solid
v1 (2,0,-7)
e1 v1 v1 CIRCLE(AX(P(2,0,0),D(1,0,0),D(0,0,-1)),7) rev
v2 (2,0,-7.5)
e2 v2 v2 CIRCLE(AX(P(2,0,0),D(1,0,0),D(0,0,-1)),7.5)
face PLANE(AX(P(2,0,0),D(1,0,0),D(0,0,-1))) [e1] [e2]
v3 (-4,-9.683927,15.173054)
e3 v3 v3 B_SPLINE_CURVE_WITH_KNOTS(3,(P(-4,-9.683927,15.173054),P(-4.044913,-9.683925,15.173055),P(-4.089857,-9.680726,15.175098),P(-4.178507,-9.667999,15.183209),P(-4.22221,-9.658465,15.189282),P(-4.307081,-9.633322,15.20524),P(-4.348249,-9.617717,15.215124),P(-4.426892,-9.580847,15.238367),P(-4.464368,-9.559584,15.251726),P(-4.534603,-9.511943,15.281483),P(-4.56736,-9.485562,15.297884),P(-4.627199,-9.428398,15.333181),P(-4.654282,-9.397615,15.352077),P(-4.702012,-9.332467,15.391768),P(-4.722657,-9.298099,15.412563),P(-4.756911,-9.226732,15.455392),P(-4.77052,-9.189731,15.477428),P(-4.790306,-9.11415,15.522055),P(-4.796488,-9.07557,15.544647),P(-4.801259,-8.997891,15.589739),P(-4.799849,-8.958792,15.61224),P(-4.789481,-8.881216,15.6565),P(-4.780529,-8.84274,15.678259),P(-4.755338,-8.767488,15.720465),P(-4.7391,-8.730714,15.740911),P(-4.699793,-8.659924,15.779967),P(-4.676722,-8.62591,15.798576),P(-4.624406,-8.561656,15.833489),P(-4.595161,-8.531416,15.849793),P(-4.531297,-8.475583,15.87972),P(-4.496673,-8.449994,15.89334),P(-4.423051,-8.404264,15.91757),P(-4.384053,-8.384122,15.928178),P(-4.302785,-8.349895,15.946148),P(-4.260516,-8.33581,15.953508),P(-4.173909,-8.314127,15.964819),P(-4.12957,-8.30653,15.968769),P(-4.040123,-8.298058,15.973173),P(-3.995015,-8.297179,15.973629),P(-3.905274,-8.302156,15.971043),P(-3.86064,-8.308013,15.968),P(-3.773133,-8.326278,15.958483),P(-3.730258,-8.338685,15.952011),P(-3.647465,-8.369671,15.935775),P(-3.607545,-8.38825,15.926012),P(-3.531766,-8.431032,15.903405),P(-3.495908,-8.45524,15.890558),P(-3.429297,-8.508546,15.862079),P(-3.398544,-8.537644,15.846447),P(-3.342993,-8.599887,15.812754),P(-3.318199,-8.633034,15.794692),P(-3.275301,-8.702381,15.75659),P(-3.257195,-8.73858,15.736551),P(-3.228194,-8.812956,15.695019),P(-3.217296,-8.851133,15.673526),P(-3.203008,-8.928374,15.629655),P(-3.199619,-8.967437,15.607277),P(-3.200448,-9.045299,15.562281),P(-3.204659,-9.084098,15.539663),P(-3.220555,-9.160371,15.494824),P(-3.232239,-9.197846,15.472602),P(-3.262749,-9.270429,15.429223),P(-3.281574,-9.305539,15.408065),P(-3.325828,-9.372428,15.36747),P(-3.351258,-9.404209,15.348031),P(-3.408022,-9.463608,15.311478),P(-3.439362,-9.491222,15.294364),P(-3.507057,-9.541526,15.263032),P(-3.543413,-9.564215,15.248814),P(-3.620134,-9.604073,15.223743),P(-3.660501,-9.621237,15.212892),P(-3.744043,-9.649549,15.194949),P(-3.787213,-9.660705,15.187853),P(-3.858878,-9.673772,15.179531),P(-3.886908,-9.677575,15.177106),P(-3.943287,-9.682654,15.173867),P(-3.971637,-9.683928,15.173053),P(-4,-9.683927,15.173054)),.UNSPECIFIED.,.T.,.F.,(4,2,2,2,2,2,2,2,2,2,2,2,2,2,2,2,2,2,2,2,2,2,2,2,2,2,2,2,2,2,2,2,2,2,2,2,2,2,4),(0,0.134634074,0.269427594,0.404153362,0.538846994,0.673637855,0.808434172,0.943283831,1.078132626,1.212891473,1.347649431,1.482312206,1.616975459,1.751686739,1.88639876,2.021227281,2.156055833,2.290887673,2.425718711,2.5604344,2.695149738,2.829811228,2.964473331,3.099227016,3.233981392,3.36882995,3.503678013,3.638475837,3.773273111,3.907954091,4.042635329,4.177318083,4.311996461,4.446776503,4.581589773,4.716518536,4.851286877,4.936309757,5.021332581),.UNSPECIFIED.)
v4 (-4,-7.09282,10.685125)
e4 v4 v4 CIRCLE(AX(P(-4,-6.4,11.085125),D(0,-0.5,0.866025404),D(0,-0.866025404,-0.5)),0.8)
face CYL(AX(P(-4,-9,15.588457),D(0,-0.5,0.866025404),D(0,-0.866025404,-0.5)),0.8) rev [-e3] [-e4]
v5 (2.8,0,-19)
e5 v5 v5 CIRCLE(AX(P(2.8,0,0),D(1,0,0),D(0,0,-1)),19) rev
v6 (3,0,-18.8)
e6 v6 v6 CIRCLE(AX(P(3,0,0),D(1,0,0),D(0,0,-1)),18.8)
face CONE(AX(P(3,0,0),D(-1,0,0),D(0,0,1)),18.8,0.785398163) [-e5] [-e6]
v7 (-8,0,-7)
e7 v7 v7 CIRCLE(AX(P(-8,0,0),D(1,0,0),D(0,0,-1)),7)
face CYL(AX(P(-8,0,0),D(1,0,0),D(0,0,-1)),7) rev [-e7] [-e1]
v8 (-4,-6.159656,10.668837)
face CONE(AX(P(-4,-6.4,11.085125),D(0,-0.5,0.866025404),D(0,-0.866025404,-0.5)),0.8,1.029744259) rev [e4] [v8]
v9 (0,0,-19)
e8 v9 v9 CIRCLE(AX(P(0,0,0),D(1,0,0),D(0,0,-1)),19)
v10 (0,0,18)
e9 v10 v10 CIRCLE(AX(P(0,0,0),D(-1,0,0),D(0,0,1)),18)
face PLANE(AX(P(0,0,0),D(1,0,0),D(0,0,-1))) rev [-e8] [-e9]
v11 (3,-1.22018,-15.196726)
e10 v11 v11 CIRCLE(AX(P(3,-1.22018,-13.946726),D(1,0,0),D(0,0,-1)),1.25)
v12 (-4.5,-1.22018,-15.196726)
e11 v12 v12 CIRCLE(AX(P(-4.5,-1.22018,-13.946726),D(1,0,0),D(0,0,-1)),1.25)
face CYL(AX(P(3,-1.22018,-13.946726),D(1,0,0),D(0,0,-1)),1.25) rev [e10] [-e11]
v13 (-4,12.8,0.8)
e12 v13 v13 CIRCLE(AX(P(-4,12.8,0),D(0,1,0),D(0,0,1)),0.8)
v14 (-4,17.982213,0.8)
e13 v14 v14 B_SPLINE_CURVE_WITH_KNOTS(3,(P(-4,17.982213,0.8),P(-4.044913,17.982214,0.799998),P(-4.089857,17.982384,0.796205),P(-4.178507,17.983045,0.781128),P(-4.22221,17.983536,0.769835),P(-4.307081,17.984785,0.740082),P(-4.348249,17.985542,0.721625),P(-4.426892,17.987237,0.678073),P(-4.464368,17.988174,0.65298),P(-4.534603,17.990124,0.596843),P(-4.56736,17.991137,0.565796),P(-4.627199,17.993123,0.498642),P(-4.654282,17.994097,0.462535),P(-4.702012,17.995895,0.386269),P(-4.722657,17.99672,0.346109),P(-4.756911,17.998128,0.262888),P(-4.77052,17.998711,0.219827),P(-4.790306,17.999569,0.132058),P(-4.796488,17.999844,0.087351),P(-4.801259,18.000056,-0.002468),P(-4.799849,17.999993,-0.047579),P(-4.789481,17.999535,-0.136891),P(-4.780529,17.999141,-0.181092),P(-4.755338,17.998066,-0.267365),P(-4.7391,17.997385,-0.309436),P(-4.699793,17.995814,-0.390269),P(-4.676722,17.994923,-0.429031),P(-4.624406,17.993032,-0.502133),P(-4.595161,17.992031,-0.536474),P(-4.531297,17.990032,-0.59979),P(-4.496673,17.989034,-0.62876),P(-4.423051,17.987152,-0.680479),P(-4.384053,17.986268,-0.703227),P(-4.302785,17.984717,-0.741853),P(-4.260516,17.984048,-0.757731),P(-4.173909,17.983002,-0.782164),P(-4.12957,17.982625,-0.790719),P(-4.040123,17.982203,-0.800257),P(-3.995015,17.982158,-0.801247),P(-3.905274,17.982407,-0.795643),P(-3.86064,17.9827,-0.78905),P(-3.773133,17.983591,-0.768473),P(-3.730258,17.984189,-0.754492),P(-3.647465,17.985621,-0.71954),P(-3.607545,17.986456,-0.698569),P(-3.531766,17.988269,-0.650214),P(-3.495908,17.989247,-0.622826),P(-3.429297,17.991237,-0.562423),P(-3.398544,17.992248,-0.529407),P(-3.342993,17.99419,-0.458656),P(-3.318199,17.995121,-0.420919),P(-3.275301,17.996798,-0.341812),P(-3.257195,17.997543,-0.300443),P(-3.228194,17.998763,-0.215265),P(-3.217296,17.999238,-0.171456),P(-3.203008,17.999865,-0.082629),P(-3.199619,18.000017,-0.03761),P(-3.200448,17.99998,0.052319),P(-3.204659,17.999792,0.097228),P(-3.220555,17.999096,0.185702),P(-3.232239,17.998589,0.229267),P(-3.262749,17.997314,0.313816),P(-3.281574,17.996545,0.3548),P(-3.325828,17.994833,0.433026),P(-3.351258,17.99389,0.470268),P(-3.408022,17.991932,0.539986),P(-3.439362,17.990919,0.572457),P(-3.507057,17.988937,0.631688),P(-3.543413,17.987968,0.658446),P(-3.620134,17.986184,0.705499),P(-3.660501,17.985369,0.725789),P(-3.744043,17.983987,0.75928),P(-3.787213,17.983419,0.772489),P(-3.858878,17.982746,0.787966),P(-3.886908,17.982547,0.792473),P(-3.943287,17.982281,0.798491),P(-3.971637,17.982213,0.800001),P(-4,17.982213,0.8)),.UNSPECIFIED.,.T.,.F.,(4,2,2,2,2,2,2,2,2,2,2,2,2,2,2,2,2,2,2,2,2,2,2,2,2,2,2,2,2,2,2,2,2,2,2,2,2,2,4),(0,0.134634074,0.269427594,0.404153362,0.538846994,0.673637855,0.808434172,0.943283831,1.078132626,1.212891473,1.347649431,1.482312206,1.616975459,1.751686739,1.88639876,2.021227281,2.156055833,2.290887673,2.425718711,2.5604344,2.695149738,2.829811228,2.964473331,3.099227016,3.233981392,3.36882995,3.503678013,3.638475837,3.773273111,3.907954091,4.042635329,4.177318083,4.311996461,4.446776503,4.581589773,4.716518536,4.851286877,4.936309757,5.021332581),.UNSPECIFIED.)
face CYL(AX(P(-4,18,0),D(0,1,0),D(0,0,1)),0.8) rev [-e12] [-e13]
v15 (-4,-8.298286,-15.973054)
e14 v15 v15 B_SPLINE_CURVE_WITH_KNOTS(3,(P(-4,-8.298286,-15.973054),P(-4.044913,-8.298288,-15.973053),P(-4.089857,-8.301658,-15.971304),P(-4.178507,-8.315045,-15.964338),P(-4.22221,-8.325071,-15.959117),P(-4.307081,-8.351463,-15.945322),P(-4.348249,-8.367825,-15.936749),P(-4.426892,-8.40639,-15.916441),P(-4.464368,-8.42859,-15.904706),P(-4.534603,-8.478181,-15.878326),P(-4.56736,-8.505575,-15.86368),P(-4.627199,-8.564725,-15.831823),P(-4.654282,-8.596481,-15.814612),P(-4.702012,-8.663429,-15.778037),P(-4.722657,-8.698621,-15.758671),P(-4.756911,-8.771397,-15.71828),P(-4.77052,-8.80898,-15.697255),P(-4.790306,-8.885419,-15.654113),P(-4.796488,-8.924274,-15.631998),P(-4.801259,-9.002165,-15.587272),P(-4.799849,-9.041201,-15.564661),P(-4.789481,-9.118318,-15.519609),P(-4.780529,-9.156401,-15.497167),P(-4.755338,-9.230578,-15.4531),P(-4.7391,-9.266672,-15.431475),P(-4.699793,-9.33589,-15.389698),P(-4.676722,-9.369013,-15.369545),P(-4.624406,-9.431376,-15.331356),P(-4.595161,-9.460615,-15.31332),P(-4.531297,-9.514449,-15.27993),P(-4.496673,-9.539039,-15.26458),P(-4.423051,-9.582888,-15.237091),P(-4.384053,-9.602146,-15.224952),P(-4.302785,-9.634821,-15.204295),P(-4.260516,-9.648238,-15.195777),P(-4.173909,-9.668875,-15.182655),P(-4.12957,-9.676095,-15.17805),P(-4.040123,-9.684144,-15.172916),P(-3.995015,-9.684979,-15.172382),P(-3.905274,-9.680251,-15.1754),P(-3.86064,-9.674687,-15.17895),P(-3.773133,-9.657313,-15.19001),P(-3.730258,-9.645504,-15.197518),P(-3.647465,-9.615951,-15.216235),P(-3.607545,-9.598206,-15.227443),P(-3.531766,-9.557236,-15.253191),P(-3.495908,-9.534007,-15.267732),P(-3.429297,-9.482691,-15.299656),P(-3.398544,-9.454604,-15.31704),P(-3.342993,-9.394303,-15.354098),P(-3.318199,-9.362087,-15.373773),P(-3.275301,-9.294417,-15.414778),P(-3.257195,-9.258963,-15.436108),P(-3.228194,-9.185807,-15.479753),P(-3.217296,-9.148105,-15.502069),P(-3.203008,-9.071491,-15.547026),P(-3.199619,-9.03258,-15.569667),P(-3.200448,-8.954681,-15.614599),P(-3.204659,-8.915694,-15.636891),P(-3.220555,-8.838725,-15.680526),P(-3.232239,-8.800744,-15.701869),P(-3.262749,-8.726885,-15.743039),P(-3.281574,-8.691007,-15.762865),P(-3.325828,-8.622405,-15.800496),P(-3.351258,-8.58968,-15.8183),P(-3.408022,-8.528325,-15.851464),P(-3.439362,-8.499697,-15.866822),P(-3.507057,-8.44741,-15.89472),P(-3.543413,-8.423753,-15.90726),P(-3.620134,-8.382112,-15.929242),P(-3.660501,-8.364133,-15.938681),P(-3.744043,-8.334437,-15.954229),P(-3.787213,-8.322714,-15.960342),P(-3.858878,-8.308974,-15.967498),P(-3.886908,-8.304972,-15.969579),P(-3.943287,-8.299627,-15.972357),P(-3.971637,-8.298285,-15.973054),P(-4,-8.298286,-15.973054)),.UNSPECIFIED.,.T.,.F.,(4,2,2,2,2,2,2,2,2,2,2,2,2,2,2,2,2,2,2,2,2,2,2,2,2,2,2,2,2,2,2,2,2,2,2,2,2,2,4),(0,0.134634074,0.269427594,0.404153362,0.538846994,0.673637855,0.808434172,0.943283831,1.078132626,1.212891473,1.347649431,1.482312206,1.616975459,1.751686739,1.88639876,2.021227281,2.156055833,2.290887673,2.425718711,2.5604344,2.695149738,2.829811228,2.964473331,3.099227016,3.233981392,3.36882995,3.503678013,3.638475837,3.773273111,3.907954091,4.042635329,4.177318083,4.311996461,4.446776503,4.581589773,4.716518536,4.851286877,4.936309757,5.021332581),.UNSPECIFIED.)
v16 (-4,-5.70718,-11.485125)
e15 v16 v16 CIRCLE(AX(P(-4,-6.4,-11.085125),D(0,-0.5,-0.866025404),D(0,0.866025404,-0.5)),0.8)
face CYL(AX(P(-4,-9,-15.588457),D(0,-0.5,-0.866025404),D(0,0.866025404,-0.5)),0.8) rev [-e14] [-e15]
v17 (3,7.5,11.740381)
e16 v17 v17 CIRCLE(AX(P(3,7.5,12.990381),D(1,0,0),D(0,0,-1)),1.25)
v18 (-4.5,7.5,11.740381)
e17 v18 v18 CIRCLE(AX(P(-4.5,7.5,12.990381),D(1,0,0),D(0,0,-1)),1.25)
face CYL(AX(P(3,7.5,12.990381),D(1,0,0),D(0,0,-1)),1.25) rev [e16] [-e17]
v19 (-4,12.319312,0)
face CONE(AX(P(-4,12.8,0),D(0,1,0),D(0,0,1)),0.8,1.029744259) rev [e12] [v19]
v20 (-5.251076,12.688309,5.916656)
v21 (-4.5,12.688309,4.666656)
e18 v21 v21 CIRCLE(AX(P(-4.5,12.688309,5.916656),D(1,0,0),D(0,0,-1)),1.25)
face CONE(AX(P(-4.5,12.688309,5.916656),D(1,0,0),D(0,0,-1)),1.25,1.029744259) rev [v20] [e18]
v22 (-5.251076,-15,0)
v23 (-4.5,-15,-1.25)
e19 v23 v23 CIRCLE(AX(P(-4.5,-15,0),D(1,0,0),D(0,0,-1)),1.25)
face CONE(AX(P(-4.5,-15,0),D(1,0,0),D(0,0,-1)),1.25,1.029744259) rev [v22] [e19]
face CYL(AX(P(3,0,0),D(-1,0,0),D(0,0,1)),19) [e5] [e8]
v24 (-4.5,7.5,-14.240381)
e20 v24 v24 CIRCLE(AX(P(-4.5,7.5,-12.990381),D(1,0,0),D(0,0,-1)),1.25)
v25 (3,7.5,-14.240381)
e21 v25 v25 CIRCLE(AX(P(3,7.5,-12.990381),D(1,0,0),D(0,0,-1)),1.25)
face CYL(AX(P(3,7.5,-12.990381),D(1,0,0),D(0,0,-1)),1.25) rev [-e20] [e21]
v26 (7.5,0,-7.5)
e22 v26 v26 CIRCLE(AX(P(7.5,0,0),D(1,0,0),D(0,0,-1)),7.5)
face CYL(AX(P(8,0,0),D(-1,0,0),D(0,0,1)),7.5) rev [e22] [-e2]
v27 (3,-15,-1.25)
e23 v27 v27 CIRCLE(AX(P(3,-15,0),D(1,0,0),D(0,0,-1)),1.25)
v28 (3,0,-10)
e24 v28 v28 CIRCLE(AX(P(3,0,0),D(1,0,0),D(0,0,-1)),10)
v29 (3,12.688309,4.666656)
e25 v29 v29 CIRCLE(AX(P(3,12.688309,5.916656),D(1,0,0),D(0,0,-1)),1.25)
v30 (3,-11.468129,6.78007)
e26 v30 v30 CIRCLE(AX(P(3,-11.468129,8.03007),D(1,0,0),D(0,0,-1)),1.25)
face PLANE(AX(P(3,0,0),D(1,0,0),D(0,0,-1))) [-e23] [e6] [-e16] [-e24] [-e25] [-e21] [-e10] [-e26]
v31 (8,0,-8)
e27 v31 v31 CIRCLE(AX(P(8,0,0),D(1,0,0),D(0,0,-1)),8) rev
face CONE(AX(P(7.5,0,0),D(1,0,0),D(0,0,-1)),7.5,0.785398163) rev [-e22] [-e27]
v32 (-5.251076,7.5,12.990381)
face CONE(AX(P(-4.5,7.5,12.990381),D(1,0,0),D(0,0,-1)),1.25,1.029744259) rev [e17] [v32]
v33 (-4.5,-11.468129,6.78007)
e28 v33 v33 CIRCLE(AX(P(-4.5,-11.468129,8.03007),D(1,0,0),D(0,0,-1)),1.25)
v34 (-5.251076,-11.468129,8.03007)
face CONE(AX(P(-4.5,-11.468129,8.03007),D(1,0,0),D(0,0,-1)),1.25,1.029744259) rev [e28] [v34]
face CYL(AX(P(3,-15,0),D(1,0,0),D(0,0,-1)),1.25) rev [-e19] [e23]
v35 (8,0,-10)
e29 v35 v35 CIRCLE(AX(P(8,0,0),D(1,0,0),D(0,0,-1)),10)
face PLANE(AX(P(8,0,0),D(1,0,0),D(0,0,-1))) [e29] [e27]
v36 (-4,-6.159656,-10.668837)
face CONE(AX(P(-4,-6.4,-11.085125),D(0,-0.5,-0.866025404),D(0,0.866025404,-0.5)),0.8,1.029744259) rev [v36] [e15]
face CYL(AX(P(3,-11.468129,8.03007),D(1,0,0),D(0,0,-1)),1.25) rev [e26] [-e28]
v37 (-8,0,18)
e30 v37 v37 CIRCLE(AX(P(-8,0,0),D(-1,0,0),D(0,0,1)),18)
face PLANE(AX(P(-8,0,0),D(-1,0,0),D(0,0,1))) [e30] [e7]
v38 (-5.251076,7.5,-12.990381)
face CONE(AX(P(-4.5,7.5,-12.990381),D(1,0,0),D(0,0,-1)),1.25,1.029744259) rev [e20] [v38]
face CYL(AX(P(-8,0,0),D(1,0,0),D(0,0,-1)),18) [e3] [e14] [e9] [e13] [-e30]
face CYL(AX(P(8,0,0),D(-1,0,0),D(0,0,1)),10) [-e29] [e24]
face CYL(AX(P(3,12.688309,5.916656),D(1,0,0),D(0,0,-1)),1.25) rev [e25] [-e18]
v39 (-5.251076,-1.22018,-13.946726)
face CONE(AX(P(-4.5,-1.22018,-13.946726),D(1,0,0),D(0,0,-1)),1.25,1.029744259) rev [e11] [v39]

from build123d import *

# Parameters (mm, degrees)
BASES_R                  = 19
BASE_DEPTH               = 3
WALLS_R                  = 10
WALLS_R_2                = 7.5
WALL_DEPTH               = 5
FASTENINGBODYS_R         = 18
FASTENINGBODY_DEPTH      = 8
CIRPATTERN1_COUNT        = 3
BEARINGACCESSBORES_R     = 7
BEARINGACCESSBORE_DEPTH  = 30.03446232
ADDITIONALDEPTHCUT_START = -1
ADDITIONALDEPTHCUTS_R    = 7.5
ADDITIONALDEPTHCUT_DEPTH = 1
CIRPATTERN2_COUNT        = 3
CIRPATTERN3_COUNT        = 3
CHAMFER1_SIZE            = 0.5
CHAMFER2_SIZE            = 0.2


with BuildPart() as part:
    # BaseS → Base (new body)
    with BuildSketch(Plane(origin=(0, 0, 0), x_dir=(0, 0, -1), z_dir=(1, 0, 0))):
        Circle(BASES_R)
    extrude(amount=BASE_DEPTH)

    # WallS → Wall (add)
    with BuildSketch(Plane(origin=(3, 0, 0), x_dir=(0, 0, -1), z_dir=(1, 0, 0))):
        Circle(WALLS_R)
        Circle(WALLS_R_2, mode=Mode.SUBTRACT)
    extrude(amount=WALL_DEPTH)

    # FasteningBodyS → FasteningBody (add)
    with BuildSketch(Plane.ZY):
        Circle(FASTENINGBODYS_R)
    extrude(amount=FASTENINGBODY_DEPTH)

    # Sketch5 → M2x0.4 Tapped Hole1 (revolve, cut)
    with BuildSketch(Plane(origin=(-4, 18, 0), x_dir=(0, 0, 1), z_dir=(1, 0, 0))):
        Polygon((0, 0), (0, 5.680688495), (0.8, 5.2), (0.8, 0), align=None)
    m2x0_4_tapped_hole1 = revolve(axis=Axis((-4, 24.35, 0), (0, -1, 0)), mode=Mode.SUBTRACT)

    # CirPattern1: M2x0.4 Tapped Hole1 ×3 about axis
    cirpattern1_axis = Axis((-8, 0, 0), (1, 0, 0))
    for i in range(1, CIRPATTERN1_COUNT):
        add(m2x0_4_tapped_hole1.rotate(cirpattern1_axis, i * 360 / CIRPATTERN1_COUNT), mode=Mode.SUBTRACT)

    # BearingAccessBoreS → BearingAccessBore (cut, through all)
    with BuildSketch(Plane(origin=(3, 0, 0), x_dir=(0, 0, -1), z_dir=(1, 0, 0))):
        Circle(BEARINGACCESSBORES_R)
    extrude(amount=-BEARINGACCESSBORE_DEPTH, mode=Mode.SUBTRACT)

    # AdditionalDepthCutS → AdditionalDepthCut (cut)
    with BuildSketch(Plane(origin=(3, 0, 0), x_dir=(0, 0, -1), z_dir=(1, 0, 0)).offset(ADDITIONALDEPTHCUT_START)):
        Circle(ADDITIONALDEPTHCUTS_R)
    extrude(amount=ADDITIONALDEPTHCUT_DEPTH, mode=Mode.SUBTRACT)

    # Sketch11 → M3x0.5 Tapped Hole2 (revolve, cut)
    with BuildSketch(Plane(origin=(3, -15, 0), x_dir=(0, 0, -1), z_dir=(0, 1, 0))):
        Polygon((0, 0), (0, 8.251075774), (1.25, 7.5), (1.25, 0), align=None)
    m3x0_5_tapped_hole2 = revolve(axis=Axis((9.35, -15, 0), (-1, 0, 0)), mode=Mode.SUBTRACT)

    # Sketch8 → M3x0.5 Tapped Hole1 (revolve, cut)
    with BuildSketch(Plane(origin=(3, -11.46812862, 8.030070109), x_dir=(0, 0, -1), z_dir=(0, 1, 0))):
        Polygon((0, 0), (0, 8.251075774), (1.25, 7.5), (1.25, 0), align=None)
    m3x0_5_tapped_hole1 = revolve(axis=Axis((9.35, -11.46812862, 8.030070109), (-1, 0, 0)), mode=Mode.SUBTRACT)

    # CirPattern2: M3x0.5 Tapped Hole1 ×3 about axis
    cirpattern2_axis = Axis((0, 0, 0), (1, 0, 0))
    for i in range(1, CIRPATTERN2_COUNT):
        add(m3x0_5_tapped_hole1.rotate(cirpattern2_axis, i * 360 / CIRPATTERN2_COUNT), mode=Mode.SUBTRACT)

    # CirPattern3: M3x0.5 Tapped Hole2 ×3 about axis
    cirpattern3_axis = Axis((0, 0, 0), (1, 0, 0))
    for i in range(1, CIRPATTERN3_COUNT):
        add(m3x0_5_tapped_hole2.rotate(cirpattern3_axis, i * 360 / CIRPATTERN3_COUNT), mode=Mode.SUBTRACT)

    # Chamfer1
    chamfer1_edges = [part.edges().sort_by_distance(p)[0] for p in [
        (8, 0, 7.5),
    ]]
    chamfer(chamfer1_edges, length=CHAMFER1_SIZE)

    # Chamfer2
    chamfer2_edges = [part.edges().sort_by_distance(p)[0] for p in [
        (3, 0, 19),
    ]]
    chamfer(chamfer2_edges, length=CHAMFER2_SIZE)


solid = part.part
